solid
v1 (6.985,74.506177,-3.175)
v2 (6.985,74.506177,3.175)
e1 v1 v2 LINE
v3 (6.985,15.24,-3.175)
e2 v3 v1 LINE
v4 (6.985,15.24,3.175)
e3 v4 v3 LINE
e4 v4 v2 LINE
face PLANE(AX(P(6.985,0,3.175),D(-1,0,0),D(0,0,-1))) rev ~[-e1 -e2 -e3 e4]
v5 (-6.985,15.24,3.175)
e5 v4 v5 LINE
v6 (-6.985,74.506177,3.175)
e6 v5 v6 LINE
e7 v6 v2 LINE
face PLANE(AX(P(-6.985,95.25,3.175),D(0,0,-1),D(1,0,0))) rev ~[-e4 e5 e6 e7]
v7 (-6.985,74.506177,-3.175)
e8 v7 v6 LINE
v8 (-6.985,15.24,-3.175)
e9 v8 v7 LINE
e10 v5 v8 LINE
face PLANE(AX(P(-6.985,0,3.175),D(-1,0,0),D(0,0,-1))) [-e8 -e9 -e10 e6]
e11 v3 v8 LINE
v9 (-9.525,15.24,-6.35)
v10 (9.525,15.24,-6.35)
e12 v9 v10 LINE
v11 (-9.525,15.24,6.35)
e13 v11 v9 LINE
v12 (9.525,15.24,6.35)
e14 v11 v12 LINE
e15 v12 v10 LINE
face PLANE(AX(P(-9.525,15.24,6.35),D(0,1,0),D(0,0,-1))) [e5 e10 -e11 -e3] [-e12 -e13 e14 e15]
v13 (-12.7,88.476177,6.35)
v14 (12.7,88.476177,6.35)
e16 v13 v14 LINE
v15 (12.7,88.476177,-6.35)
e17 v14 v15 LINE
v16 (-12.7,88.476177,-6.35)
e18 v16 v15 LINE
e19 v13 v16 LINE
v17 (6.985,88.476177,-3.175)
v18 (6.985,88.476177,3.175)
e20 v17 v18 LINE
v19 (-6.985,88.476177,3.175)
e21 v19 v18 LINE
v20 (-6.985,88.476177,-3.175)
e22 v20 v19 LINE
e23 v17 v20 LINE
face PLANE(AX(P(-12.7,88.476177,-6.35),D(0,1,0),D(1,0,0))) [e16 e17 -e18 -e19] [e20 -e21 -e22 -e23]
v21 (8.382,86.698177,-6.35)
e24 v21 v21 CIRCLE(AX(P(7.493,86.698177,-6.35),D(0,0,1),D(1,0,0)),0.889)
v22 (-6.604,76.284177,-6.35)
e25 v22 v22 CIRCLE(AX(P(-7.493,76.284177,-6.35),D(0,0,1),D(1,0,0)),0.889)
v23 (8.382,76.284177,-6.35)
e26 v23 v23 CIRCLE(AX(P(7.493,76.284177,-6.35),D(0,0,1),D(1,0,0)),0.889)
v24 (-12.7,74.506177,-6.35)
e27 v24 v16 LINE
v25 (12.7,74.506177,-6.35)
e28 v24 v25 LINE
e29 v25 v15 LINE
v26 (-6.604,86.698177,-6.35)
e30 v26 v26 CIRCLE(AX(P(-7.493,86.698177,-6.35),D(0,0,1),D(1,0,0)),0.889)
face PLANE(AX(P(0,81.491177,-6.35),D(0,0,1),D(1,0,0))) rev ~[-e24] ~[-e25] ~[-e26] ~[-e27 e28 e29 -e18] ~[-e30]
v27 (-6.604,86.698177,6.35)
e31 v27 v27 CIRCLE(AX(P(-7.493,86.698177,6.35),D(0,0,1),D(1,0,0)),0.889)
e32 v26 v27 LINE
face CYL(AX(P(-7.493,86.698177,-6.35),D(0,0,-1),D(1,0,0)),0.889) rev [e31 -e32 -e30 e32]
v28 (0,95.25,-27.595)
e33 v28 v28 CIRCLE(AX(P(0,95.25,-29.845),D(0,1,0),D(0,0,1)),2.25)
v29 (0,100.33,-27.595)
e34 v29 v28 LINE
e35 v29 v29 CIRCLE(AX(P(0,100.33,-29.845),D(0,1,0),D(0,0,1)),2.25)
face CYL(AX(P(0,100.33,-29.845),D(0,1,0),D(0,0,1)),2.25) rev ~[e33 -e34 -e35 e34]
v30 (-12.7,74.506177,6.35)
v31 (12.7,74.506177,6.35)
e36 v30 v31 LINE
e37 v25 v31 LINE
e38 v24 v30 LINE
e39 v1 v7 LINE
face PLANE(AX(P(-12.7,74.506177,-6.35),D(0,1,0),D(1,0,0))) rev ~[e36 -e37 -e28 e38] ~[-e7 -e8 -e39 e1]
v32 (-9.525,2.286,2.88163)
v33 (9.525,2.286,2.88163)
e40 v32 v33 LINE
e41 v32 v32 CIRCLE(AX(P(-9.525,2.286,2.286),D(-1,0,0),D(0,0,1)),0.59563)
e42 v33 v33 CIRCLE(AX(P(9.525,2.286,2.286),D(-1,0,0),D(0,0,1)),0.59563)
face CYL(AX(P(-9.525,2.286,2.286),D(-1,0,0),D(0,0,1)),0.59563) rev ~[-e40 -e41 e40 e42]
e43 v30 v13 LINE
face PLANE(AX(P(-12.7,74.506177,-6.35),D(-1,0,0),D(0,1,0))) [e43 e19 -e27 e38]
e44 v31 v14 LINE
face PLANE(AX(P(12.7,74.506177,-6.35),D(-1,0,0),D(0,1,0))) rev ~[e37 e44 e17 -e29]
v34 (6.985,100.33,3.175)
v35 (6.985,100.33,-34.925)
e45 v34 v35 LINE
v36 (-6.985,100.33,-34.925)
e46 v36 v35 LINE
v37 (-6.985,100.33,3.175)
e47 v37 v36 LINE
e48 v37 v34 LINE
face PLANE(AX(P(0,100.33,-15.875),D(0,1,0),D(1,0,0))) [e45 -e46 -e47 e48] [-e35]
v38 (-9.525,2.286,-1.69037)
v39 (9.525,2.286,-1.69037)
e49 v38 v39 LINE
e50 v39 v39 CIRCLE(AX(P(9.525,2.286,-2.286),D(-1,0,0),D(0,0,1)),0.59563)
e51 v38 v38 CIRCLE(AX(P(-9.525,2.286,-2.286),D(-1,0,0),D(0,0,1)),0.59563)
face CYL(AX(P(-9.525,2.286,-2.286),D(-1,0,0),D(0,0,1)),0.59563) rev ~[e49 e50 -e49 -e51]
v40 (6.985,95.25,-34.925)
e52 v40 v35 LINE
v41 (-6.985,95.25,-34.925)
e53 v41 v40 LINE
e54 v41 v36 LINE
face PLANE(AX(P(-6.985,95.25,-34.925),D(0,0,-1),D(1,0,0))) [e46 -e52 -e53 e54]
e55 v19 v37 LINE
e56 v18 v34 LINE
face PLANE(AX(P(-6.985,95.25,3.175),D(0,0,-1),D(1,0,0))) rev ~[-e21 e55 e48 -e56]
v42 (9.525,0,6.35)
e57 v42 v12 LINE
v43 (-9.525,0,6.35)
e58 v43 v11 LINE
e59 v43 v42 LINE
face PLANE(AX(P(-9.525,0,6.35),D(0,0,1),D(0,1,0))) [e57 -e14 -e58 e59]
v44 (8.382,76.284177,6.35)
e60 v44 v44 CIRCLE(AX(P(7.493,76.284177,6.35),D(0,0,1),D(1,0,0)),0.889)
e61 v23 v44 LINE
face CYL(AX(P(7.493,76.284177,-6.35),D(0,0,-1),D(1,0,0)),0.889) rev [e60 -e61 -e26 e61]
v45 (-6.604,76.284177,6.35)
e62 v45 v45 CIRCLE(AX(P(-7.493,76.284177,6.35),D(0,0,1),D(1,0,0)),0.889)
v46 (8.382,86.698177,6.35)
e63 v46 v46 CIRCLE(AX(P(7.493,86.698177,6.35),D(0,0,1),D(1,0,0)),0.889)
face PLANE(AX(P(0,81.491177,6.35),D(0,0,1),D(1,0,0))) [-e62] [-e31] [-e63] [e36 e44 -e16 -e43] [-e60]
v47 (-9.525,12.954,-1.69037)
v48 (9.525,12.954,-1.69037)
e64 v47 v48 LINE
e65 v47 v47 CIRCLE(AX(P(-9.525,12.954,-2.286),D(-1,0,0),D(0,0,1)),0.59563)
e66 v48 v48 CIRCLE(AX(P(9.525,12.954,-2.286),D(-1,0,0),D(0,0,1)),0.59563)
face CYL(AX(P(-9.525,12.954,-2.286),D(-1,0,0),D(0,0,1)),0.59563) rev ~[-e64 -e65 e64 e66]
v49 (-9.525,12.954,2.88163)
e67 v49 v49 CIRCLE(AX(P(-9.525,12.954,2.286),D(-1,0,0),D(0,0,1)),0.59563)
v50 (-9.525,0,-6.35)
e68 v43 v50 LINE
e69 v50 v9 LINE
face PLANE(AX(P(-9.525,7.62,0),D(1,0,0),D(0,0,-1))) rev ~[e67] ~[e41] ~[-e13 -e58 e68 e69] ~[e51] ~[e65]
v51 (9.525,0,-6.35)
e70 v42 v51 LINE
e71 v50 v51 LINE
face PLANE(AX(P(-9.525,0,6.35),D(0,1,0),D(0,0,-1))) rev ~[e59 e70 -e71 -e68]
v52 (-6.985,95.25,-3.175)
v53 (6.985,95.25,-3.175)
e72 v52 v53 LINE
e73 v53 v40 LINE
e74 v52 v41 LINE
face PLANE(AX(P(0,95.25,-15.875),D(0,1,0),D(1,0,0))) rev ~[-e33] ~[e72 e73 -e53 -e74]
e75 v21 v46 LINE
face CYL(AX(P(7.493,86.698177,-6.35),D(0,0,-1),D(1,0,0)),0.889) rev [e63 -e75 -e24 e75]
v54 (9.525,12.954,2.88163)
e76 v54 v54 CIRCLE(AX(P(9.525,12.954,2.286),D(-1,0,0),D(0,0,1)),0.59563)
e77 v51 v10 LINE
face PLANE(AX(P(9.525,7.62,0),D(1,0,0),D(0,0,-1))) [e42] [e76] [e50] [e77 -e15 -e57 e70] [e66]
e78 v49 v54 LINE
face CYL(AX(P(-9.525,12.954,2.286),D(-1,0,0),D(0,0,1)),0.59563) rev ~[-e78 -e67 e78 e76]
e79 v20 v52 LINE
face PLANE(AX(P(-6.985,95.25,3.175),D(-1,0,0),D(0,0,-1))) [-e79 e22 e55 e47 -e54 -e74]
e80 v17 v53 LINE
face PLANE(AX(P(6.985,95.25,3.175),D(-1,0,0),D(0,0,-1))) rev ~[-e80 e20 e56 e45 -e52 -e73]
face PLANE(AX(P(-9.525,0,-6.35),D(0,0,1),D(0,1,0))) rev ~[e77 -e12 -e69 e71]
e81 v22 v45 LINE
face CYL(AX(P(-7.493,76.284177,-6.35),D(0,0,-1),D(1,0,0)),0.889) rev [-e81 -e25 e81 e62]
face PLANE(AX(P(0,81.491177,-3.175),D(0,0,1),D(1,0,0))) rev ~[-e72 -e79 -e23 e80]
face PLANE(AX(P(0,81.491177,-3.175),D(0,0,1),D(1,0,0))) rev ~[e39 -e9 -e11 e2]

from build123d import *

# Parameters (mm, degrees)
SKETCH1_W                = 13.97
SKETCH1_H                = 6.35
BOSS_EXTRUDE1_DEPTH      = 95.25
SKETCH3_W                = 25.4
SKETCH3_H                = 13.97
BOSS_EXTRUDE3_DEPTH      = 6.35
BOSS_EXTRUDE5_DEPTH      = 9.525
BOSS_EXTRUDE5_DEPTH_BACK = 9.525
SKETCH5_W                = 12.7
SKETCH5_H                = 15.24
SKETCH6_W                = 13.97
SKETCH6_H                = 38.1
BOSS_EXTRUDE6_DEPTH      = 5.08
SKETCH7_R                = 2.25
CUT_EXTRUDE1_DEPTH       = 5.08
SKETCH8_R                = 0.59563
CUT_EXTRUDE2_DEPTH       = 109.534856843
SKETCH9_R                = 0.889
CUT_EXTRUDE3_DEPTH       = 109.069463309
BOSS_EXTRUDE7_DEPTH      = 6.35
BOSS_EXTRUDE7_DEPTH_BACK = 6.35
SKETCH10_W               = 25.4
SKETCH10_H               = 13.97
SKETCH10_R               = 0.889


with BuildPart() as part:
    # Sketch1 → Boss-Extrude1 (new body)
    with BuildSketch(Plane(origin=(0, 0, 0), x_dir=(1, 0, 0), z_dir=(0, 1, 0))):
        Rectangle(SKETCH1_W, SKETCH1_H)
    extrude(amount=BOSS_EXTRUDE1_DEPTH)

    # Sketch3 → Boss-Extrude3 (add)
    with BuildSketch(Plane.XY.offset(3.175)):
        with Locations((0, 81.491176781)):
            Rectangle(SKETCH3_W, SKETCH3_H)
    extrude(amount=-BOSS_EXTRUDE3_DEPTH)

    # Sketch5 → Boss-Extrude5 (add, two sides: drawn at the far end of the back side and taken through both)
    with BuildSketch(Plane(origin=(0, 0, 0), x_dir=(0, 0, -1), z_dir=(1, 0, 0)).offset(-BOSS_EXTRUDE5_DEPTH_BACK)):
        with Locations((0, 7.62)):
            Rectangle(SKETCH5_W, SKETCH5_H)
    extrude(amount=BOSS_EXTRUDE5_DEPTH + BOSS_EXTRUDE5_DEPTH_BACK)

    # Sketch6 → Boss-Extrude6 (add)
    with BuildSketch(Plane(origin=(0, 95.25, 0), x_dir=(1, 0, 0), z_dir=(0, 1, 0))):
        with Locations((0, 15.875)):
            Rectangle(SKETCH6_W, SKETCH6_H)
    extrude(amount=BOSS_EXTRUDE6_DEPTH)

    # Sketch7 → Cut-Extrude1 (cut)
    with BuildSketch(Plane(origin=(0, 100.33, 0), x_dir=(1, 0, 0), z_dir=(0, 1, 0))):
        with Locations(Location((0, 29.845, 0), (0, 0, 270))):
            Circle(SKETCH7_R)
    extrude(amount=-CUT_EXTRUDE1_DEPTH, mode=Mode.SUBTRACT)

    # Sketch8 → Cut-Extrude2 (cut, through all)
    with BuildSketch(Plane.ZY.offset(9.525)):
        with Locations((-2.286, 12.954)):
            Circle(SKETCH8_R)
        with Locations((2.286, 12.954)):
            Circle(SKETCH8_R)
        with Locations((2.286, 2.286)):
            Circle(SKETCH8_R)
        with Locations((-2.286, 2.286)):
            Circle(SKETCH8_R)
    extrude(amount=-CUT_EXTRUDE2_DEPTH, mode=Mode.SUBTRACT)

    # Sketch9 → Cut-Extrude3 (cut, through all)
    with BuildSketch(Plane.XY.offset(3.175)):
        with Locations((-7.493, 86.698176781)):
            Circle(SKETCH9_R)
        with Locations((7.493, 86.698176781)):
            Circle(SKETCH9_R)
        with Locations((7.493, 76.284176781)):
            Circle(SKETCH9_R)
        with Locations((-7.493, 76.284176781)):
            Circle(SKETCH9_R)
    extrude(amount=-CUT_EXTRUDE3_DEPTH, mode=Mode.SUBTRACT)

    # Sketch10 → Boss-Extrude7 (add, two sides: drawn at the far end of the back side and taken through both)
    with BuildSketch(Plane.XY.offset(-BOSS_EXTRUDE7_DEPTH_BACK)):
        with Locations((0, 81.491176781)):
            Rectangle(SKETCH10_W, SKETCH10_H)
        with Locations((-7.493, 86.698176781)):
            Circle(SKETCH10_R, mode=Mode.SUBTRACT)
        with Locations((-7.493, 76.284176781)):
            Circle(SKETCH10_R, mode=Mode.SUBTRACT)
        with Locations((7.493, 76.284176781)):
            Circle(SKETCH10_R, mode=Mode.SUBTRACT)
        with Locations((7.493, 86.698176781)):
            Circle(SKETCH10_R, mode=Mode.SUBTRACT)
    extrude(amount=BOSS_EXTRUDE7_DEPTH + BOSS_EXTRUDE7_DEPTH_BACK)


solid = part.part
